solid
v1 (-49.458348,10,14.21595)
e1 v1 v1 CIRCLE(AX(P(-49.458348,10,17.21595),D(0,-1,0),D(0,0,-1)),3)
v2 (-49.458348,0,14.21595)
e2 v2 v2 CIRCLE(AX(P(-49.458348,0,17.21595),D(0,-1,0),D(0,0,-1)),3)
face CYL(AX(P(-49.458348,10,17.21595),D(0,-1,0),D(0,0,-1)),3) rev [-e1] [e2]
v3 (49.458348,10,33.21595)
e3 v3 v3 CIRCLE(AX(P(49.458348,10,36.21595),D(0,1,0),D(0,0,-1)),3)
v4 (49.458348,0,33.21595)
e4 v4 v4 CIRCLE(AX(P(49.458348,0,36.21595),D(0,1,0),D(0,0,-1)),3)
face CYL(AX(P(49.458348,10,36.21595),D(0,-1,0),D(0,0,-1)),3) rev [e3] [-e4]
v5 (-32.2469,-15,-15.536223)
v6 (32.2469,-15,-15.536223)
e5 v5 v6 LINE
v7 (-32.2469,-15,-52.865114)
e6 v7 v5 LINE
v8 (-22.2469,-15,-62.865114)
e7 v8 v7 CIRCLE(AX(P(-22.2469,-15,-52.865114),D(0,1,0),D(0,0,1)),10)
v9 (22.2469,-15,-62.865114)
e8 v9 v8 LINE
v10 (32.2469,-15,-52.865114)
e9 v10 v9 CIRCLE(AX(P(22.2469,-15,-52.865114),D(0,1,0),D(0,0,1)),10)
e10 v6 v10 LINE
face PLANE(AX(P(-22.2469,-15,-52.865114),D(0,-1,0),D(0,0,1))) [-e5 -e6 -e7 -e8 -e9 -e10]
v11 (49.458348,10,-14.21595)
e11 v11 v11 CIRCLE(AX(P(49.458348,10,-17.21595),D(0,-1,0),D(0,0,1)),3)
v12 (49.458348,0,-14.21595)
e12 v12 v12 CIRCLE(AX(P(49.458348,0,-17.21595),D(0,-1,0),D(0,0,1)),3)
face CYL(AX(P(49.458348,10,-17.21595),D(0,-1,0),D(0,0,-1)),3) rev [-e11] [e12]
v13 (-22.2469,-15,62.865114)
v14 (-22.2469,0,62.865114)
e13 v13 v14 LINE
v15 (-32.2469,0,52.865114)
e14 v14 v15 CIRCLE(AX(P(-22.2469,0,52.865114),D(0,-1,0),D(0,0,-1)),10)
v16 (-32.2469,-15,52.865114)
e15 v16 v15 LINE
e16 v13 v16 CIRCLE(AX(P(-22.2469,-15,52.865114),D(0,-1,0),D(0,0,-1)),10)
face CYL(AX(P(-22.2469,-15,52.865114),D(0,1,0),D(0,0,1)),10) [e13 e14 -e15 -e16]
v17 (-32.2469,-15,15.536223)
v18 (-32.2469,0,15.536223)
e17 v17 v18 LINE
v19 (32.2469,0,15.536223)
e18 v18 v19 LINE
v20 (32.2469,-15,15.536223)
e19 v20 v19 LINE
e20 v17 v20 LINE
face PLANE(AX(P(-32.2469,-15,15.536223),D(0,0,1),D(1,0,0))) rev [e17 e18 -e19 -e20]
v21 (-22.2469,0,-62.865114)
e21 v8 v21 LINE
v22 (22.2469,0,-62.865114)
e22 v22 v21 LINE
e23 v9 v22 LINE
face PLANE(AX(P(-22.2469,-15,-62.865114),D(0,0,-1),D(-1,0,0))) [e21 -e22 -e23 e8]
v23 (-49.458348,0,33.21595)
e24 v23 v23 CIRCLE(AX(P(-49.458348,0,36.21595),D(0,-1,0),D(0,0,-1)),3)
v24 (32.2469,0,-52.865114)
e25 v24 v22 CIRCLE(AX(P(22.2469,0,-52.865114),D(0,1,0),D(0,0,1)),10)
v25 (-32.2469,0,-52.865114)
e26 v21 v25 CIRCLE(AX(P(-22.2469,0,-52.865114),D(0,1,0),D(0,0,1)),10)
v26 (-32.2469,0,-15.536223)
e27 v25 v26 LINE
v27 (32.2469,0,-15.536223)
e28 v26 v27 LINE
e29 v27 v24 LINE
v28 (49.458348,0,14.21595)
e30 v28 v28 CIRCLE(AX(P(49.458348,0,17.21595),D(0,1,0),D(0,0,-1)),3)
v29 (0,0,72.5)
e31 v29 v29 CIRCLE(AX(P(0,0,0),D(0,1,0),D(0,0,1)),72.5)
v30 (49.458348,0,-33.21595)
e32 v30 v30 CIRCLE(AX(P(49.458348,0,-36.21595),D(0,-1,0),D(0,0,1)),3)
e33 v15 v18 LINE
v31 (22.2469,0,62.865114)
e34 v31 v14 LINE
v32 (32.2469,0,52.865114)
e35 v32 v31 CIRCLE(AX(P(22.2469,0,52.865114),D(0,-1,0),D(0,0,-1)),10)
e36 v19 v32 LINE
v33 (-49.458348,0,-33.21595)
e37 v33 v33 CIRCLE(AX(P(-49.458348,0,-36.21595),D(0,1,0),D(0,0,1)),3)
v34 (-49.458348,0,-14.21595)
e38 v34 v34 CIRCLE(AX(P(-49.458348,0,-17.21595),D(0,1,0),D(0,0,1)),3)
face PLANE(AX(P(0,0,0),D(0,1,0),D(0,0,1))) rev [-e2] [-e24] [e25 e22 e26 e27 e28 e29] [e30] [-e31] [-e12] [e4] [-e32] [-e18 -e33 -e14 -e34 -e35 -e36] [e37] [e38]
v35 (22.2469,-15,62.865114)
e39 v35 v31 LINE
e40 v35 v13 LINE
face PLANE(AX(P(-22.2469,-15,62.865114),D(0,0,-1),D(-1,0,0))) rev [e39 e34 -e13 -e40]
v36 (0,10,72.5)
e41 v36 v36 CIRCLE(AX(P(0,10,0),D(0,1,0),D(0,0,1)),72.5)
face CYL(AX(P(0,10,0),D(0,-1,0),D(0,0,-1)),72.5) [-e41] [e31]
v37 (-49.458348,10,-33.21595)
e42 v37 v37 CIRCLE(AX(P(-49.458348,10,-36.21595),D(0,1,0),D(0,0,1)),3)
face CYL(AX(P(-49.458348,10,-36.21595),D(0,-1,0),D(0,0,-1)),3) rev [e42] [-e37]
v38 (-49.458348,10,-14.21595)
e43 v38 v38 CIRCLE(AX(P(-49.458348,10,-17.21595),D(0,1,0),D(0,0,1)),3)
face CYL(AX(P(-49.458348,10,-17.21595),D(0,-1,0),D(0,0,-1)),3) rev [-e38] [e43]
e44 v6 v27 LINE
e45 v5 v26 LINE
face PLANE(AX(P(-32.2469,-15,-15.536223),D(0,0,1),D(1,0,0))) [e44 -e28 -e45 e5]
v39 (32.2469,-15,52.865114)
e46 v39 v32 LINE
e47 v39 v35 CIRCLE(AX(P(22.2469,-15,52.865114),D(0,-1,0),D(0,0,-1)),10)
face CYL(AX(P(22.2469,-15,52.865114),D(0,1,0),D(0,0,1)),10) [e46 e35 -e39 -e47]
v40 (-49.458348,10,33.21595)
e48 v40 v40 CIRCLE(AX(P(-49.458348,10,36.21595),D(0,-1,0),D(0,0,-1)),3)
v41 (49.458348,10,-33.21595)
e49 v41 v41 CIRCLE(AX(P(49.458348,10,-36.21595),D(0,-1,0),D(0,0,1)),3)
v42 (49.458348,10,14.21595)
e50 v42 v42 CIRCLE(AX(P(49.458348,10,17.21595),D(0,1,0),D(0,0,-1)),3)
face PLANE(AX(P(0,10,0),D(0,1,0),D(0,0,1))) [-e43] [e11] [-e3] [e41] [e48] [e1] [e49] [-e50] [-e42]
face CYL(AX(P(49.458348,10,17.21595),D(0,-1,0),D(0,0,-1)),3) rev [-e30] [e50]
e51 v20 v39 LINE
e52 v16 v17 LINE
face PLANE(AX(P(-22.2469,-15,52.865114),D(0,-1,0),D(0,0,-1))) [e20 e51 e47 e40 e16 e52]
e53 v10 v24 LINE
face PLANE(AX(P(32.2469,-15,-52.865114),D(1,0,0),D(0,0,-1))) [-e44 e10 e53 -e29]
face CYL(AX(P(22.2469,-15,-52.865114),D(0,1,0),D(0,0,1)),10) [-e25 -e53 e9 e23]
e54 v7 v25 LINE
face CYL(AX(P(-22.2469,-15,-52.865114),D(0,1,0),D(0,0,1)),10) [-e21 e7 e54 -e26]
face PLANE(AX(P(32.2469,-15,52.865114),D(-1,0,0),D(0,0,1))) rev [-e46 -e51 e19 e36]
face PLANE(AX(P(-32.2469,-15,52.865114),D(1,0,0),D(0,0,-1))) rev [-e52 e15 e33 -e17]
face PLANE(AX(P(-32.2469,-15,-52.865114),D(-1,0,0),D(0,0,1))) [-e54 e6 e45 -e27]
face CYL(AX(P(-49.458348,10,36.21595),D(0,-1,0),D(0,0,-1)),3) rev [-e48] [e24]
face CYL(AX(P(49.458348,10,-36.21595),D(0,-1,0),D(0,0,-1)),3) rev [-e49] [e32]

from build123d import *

# Parameters (mm, degrees)
SKETCH1_R               = 72.5
BOSS_EXTRUDE1_DEPTH     = 10
BOSS_EXTRUDE2_DEPTH     = 15
SKETCH3_R               = 3
CUT_EXTRUDE1_DEPTH      = 10
MIRROR3_COPY_1_SKETCH_R = 3
MIRROR3_COPY_1_DEPTH    = 10


with BuildPart() as part:
    # Sketch1 → Boss-Extrude1 (new body)
    with BuildSketch(Plane(origin=(0, 0, 0), x_dir=(1, 0, 0), z_dir=(0, 1, 0))):
        with Locations(Location((0, 0, 0), (0, 0, 270))):
            Circle(SKETCH1_R)
    extrude(amount=BOSS_EXTRUDE1_DEPTH)

    # Sketch2 → Boss-Extrude2 (add)
    with BuildSketch(Plane.XZ):
        with BuildLine():
            Line((-22.246900451, 62.865113828), (22.246900451, 62.865113828))
            ThreePointArc((22.246900451, 62.865113828), (29.317968263, 59.93618164), (32.246900451, 52.865113828))
            Line((32.246900451, 52.865113828), (32.246900451, 15.536222894))
            Line((32.246900451, 15.536222894), (-32.246900451, 15.536222894))
            Line((-32.246900451, 15.536222894), (-32.246900451, 52.865113828))
            ThreePointArc((-32.246900451, 52.865113828), (-29.317968263, 59.93618164), (-22.246900451, 62.865113828))
        make_face()
    boss_extrude2 = extrude(amount=BOSS_EXTRUDE2_DEPTH)

    # Mirror1: Boss-Extrude2 across plane
    add(boss_extrude2.mirror(Plane.XY))

    # Sketch3 → Cut-Extrude1 (cut)
    with BuildSketch(Plane.XZ):
        with Locations(Location((-49.458347743, 36.215950375, 0), (0, 0, 270))):
            Circle(SKETCH3_R)
        with Locations(Location((-49.458347743, 17.215950375, 0), (0, 0, 270))):
            Circle(SKETCH3_R)
    cut_extrude1 = extrude(amount=-CUT_EXTRUDE1_DEPTH, mode=Mode.SUBTRACT)

    # Mirror2: Cut-Extrude1 across plane
    add(cut_extrude1.mirror(Plane.XY), mode=Mode.SUBTRACT)

    # Mirror3: Cut-Extrude1 across plane
    add(cut_extrude1.mirror(Plane(origin=(0, 0, 0), x_dir=(0, 0, 1), z_dir=(1, 0, 0))), mode=Mode.SUBTRACT)

    # Mirror3 copy 1 sketch → Mirror3 copy 1 (cut)
    with BuildSketch(Plane(origin=(0, 0, 0), x_dir=(-1, 0, 0), z_dir=(0, -1, 0))):
        with Locations(Location((-49.458347743, 36.215950375, 0), (0, 0, 270))):
            Circle(MIRROR3_COPY_1_SKETCH_R)
        with Locations(Location((-49.458347743, 17.215950375, 0), (0, 0, 270))):
            Circle(MIRROR3_COPY_1_SKETCH_R)
    extrude(amount=-MIRROR3_COPY_1_DEPTH, mode=Mode.SUBTRACT)


solid = part.part
